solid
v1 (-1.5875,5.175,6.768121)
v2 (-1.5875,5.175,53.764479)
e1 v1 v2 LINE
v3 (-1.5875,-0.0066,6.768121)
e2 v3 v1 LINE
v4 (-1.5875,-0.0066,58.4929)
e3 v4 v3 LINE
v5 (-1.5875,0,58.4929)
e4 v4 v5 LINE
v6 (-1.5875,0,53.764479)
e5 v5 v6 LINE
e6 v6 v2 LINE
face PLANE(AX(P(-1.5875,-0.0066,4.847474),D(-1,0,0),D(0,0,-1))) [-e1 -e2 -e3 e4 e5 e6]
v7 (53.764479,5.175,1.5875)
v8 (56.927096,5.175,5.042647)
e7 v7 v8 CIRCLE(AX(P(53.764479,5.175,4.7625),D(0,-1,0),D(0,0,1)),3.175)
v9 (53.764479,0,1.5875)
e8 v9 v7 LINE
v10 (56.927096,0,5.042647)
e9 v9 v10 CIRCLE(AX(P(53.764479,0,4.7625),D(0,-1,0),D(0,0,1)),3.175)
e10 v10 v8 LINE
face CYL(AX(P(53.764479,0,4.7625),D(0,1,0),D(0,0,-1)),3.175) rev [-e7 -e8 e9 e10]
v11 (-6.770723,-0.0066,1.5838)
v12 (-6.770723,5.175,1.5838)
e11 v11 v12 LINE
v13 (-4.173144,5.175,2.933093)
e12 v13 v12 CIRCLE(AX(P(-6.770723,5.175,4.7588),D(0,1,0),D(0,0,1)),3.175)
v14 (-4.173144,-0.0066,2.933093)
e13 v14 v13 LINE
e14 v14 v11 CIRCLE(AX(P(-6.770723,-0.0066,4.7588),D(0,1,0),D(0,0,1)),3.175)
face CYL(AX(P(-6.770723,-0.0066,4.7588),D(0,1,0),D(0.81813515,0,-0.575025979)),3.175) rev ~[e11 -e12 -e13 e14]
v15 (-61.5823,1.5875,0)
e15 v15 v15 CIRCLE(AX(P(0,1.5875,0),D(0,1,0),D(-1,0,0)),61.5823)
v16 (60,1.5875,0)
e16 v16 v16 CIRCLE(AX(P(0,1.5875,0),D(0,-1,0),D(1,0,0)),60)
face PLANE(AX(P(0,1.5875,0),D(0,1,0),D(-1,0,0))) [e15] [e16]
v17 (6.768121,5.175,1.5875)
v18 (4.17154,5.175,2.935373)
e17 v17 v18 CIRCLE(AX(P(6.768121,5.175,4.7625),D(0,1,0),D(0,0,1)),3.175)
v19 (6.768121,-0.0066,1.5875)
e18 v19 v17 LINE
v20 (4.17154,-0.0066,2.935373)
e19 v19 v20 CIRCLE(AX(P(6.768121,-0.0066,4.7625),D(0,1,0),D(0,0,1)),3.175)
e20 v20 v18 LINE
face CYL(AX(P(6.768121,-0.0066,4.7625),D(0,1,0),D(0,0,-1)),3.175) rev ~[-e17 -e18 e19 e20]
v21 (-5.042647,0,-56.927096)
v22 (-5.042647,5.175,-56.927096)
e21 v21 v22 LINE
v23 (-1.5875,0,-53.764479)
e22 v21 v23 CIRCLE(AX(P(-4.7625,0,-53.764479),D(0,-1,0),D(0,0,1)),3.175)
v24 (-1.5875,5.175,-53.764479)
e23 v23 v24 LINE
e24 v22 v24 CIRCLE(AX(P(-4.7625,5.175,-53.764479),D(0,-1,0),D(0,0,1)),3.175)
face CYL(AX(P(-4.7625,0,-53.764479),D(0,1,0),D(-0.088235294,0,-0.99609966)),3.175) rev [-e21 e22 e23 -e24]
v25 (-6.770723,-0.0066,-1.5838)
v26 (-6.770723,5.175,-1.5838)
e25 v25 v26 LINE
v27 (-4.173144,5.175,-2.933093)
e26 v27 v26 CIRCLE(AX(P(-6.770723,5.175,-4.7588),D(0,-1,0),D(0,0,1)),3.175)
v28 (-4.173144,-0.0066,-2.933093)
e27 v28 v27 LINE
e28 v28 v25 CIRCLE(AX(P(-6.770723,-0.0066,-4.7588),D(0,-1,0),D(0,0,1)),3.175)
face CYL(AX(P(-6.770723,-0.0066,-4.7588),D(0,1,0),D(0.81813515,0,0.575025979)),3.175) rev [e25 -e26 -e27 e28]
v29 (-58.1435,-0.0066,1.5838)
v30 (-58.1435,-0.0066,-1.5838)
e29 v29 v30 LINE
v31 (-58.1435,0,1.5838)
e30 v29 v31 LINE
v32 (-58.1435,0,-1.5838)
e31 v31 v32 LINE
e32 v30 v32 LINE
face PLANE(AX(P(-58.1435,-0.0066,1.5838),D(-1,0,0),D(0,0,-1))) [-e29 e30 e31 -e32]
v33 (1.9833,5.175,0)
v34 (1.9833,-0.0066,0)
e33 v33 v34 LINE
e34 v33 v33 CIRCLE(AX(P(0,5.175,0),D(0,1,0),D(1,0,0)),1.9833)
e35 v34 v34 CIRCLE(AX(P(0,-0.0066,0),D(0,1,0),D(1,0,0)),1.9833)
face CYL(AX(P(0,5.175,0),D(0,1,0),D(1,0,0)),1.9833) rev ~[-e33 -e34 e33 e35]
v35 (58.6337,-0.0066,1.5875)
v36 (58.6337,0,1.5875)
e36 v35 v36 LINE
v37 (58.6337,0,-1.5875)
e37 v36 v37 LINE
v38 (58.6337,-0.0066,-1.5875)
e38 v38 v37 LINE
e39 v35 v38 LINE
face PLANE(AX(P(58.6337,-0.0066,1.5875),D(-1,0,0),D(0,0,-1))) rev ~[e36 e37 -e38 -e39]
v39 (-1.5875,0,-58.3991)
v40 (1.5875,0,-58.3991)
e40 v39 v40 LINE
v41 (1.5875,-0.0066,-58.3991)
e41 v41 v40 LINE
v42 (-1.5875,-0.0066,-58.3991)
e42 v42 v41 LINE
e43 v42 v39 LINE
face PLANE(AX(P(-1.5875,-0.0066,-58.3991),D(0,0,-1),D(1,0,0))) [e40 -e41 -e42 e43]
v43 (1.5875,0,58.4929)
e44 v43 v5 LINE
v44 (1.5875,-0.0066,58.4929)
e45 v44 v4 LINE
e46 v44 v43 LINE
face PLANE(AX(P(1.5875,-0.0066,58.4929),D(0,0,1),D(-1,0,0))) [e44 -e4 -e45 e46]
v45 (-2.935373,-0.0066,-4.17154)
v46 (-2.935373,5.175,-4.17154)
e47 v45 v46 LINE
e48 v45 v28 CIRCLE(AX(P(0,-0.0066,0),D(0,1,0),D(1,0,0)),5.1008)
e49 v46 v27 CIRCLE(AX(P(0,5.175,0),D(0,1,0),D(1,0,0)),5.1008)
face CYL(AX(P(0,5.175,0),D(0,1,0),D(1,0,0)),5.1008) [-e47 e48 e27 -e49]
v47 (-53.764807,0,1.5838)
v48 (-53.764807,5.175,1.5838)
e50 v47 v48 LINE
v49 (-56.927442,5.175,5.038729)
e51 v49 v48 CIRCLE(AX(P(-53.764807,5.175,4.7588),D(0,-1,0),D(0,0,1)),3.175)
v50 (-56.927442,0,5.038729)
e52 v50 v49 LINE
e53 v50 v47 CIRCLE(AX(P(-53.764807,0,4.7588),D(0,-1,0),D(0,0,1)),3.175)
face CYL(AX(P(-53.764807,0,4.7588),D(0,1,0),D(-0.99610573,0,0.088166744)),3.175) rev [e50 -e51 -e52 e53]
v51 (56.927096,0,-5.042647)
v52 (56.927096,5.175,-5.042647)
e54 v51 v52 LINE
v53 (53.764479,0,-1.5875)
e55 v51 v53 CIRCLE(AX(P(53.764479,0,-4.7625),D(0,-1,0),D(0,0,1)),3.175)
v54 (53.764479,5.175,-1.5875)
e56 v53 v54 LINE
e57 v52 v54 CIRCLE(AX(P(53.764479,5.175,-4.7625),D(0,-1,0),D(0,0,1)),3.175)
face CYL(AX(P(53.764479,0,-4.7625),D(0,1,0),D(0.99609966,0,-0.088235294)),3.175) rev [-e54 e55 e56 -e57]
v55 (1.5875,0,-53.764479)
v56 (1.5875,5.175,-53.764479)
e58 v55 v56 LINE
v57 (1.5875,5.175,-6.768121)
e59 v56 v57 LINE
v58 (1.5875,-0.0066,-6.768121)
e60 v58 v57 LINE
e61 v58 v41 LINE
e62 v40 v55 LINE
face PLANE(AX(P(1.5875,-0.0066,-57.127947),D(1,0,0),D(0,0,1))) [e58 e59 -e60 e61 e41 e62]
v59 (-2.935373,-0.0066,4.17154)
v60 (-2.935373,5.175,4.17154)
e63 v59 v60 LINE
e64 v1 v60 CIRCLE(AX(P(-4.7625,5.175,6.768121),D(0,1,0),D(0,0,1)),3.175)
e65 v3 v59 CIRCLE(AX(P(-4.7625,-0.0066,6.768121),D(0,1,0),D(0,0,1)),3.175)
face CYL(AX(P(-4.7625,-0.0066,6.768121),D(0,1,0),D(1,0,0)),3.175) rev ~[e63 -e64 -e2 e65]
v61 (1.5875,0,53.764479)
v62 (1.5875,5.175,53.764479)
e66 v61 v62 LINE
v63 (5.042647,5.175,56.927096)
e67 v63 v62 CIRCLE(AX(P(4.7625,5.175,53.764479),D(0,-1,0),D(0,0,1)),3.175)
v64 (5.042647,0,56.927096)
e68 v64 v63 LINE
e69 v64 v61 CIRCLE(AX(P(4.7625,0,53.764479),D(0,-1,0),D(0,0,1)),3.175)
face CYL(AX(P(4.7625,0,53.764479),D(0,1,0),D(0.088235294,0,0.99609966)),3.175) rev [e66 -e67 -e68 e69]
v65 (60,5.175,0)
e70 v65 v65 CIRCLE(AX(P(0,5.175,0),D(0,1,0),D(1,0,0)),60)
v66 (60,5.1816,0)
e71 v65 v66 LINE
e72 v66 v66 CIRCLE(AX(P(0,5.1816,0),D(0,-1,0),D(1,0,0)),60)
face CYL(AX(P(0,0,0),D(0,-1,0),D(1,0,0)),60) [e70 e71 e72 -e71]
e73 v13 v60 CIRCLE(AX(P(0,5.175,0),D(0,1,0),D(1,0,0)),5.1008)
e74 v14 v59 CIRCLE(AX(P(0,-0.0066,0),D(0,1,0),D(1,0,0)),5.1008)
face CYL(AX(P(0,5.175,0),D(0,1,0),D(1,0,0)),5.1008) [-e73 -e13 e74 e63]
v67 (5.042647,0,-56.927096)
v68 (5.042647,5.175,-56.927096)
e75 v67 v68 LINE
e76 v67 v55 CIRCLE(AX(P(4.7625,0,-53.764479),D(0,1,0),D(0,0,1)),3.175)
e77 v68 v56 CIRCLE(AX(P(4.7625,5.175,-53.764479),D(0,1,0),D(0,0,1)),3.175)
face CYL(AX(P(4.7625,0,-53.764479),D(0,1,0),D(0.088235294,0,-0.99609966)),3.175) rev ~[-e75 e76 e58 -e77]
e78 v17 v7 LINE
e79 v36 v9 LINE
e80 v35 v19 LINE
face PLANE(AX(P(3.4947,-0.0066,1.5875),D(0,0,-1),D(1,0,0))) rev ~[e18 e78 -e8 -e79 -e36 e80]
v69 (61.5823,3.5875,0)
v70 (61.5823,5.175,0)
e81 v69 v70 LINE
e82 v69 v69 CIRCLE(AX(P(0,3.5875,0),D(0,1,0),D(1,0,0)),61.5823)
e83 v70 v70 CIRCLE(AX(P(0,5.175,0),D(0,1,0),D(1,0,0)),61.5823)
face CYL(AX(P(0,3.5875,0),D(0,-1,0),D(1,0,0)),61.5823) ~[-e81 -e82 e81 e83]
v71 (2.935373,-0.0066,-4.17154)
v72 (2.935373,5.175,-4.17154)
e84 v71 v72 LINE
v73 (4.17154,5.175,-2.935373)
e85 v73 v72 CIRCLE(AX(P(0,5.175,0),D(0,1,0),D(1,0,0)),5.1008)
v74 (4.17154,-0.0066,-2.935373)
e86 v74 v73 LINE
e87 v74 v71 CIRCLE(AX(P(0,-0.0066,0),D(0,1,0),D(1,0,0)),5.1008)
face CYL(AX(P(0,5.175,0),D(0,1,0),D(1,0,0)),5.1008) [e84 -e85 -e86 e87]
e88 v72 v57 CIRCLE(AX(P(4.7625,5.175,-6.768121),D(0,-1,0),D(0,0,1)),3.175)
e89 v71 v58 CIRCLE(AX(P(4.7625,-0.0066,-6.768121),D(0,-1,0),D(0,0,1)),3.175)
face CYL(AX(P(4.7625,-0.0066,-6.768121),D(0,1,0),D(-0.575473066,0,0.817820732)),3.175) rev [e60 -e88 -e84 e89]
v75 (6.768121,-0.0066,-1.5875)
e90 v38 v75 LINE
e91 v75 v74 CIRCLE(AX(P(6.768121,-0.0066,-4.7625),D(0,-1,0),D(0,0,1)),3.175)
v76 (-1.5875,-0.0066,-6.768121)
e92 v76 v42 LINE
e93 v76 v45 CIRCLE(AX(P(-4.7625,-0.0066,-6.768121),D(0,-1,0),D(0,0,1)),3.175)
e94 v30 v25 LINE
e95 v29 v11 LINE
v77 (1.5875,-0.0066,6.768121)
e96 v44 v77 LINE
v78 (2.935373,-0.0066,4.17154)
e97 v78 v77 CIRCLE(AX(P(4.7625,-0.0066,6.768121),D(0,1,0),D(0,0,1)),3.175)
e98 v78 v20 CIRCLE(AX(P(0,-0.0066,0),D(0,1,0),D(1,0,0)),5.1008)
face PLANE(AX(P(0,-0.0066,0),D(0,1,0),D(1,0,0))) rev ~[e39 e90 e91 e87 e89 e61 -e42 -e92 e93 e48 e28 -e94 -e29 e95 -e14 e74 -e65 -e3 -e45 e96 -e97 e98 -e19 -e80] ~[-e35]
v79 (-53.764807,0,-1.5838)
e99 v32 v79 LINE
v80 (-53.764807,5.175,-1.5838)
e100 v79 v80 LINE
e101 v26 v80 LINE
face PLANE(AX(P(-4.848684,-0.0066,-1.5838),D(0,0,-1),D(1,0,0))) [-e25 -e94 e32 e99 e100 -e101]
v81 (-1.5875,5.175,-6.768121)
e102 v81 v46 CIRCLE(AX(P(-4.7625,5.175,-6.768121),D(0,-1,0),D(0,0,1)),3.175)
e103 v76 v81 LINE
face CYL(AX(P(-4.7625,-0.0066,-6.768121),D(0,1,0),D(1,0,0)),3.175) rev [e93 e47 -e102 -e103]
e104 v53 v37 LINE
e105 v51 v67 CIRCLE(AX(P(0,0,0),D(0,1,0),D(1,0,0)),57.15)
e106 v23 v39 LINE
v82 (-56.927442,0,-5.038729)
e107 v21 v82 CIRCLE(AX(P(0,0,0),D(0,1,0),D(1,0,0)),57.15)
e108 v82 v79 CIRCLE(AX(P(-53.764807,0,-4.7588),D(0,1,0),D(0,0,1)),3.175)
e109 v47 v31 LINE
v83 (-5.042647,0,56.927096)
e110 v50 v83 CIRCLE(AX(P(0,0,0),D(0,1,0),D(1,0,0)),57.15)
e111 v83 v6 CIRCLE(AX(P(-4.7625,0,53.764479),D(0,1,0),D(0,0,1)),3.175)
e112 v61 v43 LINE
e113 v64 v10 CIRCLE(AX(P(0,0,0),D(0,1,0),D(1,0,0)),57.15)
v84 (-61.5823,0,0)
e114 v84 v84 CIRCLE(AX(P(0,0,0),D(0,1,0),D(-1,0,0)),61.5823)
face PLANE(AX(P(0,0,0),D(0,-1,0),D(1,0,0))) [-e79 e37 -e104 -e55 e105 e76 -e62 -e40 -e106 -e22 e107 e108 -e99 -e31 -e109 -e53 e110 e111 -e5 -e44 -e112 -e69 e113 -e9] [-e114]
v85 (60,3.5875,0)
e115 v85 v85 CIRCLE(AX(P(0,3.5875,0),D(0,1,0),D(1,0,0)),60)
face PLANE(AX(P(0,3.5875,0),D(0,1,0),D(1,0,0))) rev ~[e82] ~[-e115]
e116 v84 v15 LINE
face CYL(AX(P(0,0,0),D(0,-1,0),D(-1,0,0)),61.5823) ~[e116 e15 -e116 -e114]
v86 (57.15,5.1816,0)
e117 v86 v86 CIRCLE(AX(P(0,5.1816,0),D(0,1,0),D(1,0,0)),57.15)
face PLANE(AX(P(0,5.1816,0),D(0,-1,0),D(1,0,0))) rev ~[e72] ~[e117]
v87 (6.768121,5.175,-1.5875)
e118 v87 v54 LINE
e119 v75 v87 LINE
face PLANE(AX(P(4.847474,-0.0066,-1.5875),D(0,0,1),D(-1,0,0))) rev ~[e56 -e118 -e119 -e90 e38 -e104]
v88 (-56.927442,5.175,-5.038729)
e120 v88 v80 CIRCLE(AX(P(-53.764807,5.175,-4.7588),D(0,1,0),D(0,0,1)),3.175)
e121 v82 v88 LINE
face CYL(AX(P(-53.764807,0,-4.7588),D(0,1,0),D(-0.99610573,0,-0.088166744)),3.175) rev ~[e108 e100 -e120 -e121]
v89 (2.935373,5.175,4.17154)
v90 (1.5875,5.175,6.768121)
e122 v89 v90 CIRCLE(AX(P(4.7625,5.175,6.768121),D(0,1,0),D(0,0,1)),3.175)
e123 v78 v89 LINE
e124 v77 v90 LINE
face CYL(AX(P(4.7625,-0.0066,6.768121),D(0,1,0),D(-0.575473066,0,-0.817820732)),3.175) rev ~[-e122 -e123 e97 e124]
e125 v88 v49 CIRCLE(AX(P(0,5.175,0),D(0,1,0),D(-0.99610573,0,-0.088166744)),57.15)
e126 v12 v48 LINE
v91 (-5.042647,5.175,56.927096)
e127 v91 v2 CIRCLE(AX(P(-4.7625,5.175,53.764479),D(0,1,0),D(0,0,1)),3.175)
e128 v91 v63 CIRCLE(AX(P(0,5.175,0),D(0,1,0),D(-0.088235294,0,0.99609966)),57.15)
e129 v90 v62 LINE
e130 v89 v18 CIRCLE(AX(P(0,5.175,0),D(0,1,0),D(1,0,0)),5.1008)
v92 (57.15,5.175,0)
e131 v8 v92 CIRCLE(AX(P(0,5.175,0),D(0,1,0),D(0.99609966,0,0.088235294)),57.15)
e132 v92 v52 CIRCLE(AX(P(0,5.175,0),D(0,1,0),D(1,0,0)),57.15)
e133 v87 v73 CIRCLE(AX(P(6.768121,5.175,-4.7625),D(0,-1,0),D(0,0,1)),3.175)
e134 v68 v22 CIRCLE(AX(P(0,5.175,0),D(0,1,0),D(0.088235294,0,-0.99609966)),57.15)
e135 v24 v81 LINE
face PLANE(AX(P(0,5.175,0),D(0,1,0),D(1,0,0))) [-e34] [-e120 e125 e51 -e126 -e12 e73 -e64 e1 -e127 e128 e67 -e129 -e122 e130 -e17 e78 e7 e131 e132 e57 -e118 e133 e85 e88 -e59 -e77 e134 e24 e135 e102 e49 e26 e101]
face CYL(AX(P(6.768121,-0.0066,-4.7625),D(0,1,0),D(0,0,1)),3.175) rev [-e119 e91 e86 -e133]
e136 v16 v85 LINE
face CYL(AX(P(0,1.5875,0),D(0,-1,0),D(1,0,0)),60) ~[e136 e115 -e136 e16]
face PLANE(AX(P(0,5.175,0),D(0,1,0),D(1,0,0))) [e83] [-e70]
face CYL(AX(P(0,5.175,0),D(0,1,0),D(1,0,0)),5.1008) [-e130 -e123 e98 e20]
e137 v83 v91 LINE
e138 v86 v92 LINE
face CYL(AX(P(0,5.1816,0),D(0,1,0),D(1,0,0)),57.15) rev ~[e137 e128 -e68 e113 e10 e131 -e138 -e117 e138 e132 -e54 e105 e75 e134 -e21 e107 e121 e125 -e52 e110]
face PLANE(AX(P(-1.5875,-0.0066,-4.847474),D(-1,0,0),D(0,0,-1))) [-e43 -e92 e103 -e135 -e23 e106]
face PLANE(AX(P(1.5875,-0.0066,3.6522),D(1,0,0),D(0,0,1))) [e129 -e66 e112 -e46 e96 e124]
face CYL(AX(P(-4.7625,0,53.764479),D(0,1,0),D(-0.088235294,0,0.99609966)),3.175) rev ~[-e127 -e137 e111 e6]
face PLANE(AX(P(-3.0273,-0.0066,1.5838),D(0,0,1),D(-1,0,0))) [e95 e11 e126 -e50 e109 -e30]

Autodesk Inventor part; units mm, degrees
ref_plane "YZ Plane" through (0, 0, 0) normal (1, 0, 0) x (0, 1, 0)
ref_plane "XZ Plane" through (0, 0, 0) normal (0, 1, 0) x (-1, 0, 0)
ref_plane "XY Plane" through (0, 0, 0) normal (0, 0, 1) x (1, 0, 0)
sketch "Sketch1" plane through (0, 0, 0) normal (0, 1, 0) x (-1, 0, 0)
  circle A0 centre (0, 0) radius 60
  circle A1 centre (0, 0) radius 61.5823
  dimension "d0" = 120
  dimension "d1" = 123.1646
extrude "Extrusion1" add sketch "Sketch1" along normal blind 1.5875
sketch "Sketch2" plane through (0, 1.5875, 0) normal (0, 1, 0) x (1, 0, 0)
  circle A0 centre (0, 0) radius 60
  circle A1 centre (0, 0) radius 57.15
  dimension "d4" = 114.3
extrude "Extrusion2" add sketch "Sketch2" along normal blind 2
sketch "Sketch3" plane through (0, 3.5875, 0) normal (0, 1, 0) x (1, 0, 0)
  circle A0 centre (0, 0) radius 60
  circle A1 centre (0, 0) radius 61.5823
extrude "Extrusion3" add sketch "Sketch3" along normal blind 1.5875
sketch "Sketch4" plane through (0, 0, 0) normal (0, -1, 0) x (1, 0, 0)
  circle A0 centre (0, 0) radius 60
extrude "Extrusion4" add sketch "Sketch4" against normal blind 5.1816
sketch "Sketch5" plane through (0, 5.1816, 0) normal (0, 1, 0) x (1, 0, 0)
  circle A0 centre (0, 0) radius 57.15
  dimension "d11" = 114.3
extrude "Extrusion5" cut sketch "Sketch5" against normal blind 5.1816
sketch "Sketch6" plane through (0, 5.175, 0) normal (0, 1, 0) x (1, 0, 0)
  circle A0 centre (0, 0) radius 2.4765
  circle A1 centre (0, 0) radius 5.1008
  dimension "d14" = 4.953
extrude "Extrusion6" add sketch "Sketch6" against normal blind 5.1816
sketch "Sketch7" plane through (0, -0.0066, 0) normal (0, -1, 0) x (1, 0, 0)
  circle A0 centre (0, 0) radius 5.1008 projected
  circle A1 centre (0, 0) radius 57.15 projected
  line L0 (-3.0273, 1.5838) -> (-58.1435, 1.5838)
  line L1 (-58.1435, 1.5838) -> (-58.1435, -1.5838)
  line L2 (-58.1435, -1.5838) -> (-3.0273, -1.5838)
  line L3 (-3.0273, -1.5838) -> (-3.0273, 1.5838)
  line L4 (-3.0273, 1.5838) -> (-58.1435, -1.5838) construction
  line L5 (-58.1435, 1.5838) -> (-3.0273, -1.5838) construction
  line L6 (1.5875, 58.4929) -> (-1.5875, 58.4929)
  line L7 (-1.5875, 58.4929) -> (-1.5875, 3.6522)
  line L8 (-1.5875, 3.6522) -> (1.5875, 3.6522)
  line L9 (1.5875, 3.6522) -> (1.5875, 58.4929)
  line L10 (1.5875, 58.4929) -> (-1.5875, 3.6522) construction
  line L11 (-1.5875, 58.4929) -> (1.5875, 3.6522) construction
  line L12 (58.6337, -1.5875) -> (3.4947, -1.5875)
  line L13 (3.4947, -1.5875) -> (3.4947, 1.5875)
  line L14 (3.4947, 1.5875) -> (58.6337, 1.5875)
  line L15 (58.6337, 1.5875) -> (58.6337, -1.5875)
  line L16 (58.6337, -1.5875) -> (3.4947, 1.5875) construction
  line L17 (3.4947, -1.5875) -> (58.6337, 1.5875) construction
  line L18 (1.5875, -3.7293) -> (-1.5875, -3.7293)
  line L19 (-1.5875, -3.7293) -> (-1.5875, -58.3991)
  line L20 (-1.5875, -58.3991) -> (1.5875, -58.3991)
  line L21 (1.5875, -58.3991) -> (1.5875, -3.7293)
  line L22 (1.5875, -3.7293) -> (-1.5875, -58.3991) construction
  line L23 (-1.5875, -3.7293) -> (1.5875, -58.3991) construction
  point P0 (-30.5854, 0)
  point P1 (0, 31.0726)
  point P2 (31.0642, 0)
  point P3 (0, -31.0642)
  dimension "d17" = 3.175
  dimension "d18" = 3.175
extrude "Extrusion7" add sketch "Sketch7" against normal blind 5.1816 contours A0 L12 L13 L14 | A0 L14 A1 L12 | L9 L8 L7 A0 | A0 L7 A1 L9 | L14 L15 L12 A1 | L21 A1 L19 A0 | A0 L19 L18 L21 | A1 L7 L6 L9 | L21 L20 L19 A1 | L0 L3 L2 A0 | A0 L2 A1 L0 | A1 L2 L1 L0
fillet "Fillet1" radius 3.175 8 edges at (57.1279, 2.5875, 1.5875) (57.1279, 2.5875, -1.5875) (-1.5875, 2.5875, 57.1279) (1.5875, 2.5875, 57.1279) (-57.128, 2.5875, 1.5838) (-57.128, 2.5875, -1.5838) (-1.5875, 2.5875, -57.1279) (1.5875, 2.5875, -57.1279)
fillet "Fillet2" radius 3.175 8 edges at (4.8475, 2.5842, -1.5875) (1.5875, 2.5842, -4.8475) (-1.5875, 2.5842, 4.8475) (-4.8487, 2.5842, 1.5838) (-1.5875, 2.5842, -4.8475) (-4.8487, 2.5842, -1.5838) (4.8475, 2.5842, 1.5875) (1.5875, 2.5842, 4.8475)
sketch "Sketch8" plane through (0, 5.175, 0) normal (0, 1, 0) x (1, 0, 0)
  circle A0 centre (0, 0) radius 1.9833
  circle A1 centre (0, 0) radius 2.4765
extrude "Extrusion8" add sketch "Sketch8" against normal blind 5.1816
properties part number "MTV Front Brake Axle (11.19)"
